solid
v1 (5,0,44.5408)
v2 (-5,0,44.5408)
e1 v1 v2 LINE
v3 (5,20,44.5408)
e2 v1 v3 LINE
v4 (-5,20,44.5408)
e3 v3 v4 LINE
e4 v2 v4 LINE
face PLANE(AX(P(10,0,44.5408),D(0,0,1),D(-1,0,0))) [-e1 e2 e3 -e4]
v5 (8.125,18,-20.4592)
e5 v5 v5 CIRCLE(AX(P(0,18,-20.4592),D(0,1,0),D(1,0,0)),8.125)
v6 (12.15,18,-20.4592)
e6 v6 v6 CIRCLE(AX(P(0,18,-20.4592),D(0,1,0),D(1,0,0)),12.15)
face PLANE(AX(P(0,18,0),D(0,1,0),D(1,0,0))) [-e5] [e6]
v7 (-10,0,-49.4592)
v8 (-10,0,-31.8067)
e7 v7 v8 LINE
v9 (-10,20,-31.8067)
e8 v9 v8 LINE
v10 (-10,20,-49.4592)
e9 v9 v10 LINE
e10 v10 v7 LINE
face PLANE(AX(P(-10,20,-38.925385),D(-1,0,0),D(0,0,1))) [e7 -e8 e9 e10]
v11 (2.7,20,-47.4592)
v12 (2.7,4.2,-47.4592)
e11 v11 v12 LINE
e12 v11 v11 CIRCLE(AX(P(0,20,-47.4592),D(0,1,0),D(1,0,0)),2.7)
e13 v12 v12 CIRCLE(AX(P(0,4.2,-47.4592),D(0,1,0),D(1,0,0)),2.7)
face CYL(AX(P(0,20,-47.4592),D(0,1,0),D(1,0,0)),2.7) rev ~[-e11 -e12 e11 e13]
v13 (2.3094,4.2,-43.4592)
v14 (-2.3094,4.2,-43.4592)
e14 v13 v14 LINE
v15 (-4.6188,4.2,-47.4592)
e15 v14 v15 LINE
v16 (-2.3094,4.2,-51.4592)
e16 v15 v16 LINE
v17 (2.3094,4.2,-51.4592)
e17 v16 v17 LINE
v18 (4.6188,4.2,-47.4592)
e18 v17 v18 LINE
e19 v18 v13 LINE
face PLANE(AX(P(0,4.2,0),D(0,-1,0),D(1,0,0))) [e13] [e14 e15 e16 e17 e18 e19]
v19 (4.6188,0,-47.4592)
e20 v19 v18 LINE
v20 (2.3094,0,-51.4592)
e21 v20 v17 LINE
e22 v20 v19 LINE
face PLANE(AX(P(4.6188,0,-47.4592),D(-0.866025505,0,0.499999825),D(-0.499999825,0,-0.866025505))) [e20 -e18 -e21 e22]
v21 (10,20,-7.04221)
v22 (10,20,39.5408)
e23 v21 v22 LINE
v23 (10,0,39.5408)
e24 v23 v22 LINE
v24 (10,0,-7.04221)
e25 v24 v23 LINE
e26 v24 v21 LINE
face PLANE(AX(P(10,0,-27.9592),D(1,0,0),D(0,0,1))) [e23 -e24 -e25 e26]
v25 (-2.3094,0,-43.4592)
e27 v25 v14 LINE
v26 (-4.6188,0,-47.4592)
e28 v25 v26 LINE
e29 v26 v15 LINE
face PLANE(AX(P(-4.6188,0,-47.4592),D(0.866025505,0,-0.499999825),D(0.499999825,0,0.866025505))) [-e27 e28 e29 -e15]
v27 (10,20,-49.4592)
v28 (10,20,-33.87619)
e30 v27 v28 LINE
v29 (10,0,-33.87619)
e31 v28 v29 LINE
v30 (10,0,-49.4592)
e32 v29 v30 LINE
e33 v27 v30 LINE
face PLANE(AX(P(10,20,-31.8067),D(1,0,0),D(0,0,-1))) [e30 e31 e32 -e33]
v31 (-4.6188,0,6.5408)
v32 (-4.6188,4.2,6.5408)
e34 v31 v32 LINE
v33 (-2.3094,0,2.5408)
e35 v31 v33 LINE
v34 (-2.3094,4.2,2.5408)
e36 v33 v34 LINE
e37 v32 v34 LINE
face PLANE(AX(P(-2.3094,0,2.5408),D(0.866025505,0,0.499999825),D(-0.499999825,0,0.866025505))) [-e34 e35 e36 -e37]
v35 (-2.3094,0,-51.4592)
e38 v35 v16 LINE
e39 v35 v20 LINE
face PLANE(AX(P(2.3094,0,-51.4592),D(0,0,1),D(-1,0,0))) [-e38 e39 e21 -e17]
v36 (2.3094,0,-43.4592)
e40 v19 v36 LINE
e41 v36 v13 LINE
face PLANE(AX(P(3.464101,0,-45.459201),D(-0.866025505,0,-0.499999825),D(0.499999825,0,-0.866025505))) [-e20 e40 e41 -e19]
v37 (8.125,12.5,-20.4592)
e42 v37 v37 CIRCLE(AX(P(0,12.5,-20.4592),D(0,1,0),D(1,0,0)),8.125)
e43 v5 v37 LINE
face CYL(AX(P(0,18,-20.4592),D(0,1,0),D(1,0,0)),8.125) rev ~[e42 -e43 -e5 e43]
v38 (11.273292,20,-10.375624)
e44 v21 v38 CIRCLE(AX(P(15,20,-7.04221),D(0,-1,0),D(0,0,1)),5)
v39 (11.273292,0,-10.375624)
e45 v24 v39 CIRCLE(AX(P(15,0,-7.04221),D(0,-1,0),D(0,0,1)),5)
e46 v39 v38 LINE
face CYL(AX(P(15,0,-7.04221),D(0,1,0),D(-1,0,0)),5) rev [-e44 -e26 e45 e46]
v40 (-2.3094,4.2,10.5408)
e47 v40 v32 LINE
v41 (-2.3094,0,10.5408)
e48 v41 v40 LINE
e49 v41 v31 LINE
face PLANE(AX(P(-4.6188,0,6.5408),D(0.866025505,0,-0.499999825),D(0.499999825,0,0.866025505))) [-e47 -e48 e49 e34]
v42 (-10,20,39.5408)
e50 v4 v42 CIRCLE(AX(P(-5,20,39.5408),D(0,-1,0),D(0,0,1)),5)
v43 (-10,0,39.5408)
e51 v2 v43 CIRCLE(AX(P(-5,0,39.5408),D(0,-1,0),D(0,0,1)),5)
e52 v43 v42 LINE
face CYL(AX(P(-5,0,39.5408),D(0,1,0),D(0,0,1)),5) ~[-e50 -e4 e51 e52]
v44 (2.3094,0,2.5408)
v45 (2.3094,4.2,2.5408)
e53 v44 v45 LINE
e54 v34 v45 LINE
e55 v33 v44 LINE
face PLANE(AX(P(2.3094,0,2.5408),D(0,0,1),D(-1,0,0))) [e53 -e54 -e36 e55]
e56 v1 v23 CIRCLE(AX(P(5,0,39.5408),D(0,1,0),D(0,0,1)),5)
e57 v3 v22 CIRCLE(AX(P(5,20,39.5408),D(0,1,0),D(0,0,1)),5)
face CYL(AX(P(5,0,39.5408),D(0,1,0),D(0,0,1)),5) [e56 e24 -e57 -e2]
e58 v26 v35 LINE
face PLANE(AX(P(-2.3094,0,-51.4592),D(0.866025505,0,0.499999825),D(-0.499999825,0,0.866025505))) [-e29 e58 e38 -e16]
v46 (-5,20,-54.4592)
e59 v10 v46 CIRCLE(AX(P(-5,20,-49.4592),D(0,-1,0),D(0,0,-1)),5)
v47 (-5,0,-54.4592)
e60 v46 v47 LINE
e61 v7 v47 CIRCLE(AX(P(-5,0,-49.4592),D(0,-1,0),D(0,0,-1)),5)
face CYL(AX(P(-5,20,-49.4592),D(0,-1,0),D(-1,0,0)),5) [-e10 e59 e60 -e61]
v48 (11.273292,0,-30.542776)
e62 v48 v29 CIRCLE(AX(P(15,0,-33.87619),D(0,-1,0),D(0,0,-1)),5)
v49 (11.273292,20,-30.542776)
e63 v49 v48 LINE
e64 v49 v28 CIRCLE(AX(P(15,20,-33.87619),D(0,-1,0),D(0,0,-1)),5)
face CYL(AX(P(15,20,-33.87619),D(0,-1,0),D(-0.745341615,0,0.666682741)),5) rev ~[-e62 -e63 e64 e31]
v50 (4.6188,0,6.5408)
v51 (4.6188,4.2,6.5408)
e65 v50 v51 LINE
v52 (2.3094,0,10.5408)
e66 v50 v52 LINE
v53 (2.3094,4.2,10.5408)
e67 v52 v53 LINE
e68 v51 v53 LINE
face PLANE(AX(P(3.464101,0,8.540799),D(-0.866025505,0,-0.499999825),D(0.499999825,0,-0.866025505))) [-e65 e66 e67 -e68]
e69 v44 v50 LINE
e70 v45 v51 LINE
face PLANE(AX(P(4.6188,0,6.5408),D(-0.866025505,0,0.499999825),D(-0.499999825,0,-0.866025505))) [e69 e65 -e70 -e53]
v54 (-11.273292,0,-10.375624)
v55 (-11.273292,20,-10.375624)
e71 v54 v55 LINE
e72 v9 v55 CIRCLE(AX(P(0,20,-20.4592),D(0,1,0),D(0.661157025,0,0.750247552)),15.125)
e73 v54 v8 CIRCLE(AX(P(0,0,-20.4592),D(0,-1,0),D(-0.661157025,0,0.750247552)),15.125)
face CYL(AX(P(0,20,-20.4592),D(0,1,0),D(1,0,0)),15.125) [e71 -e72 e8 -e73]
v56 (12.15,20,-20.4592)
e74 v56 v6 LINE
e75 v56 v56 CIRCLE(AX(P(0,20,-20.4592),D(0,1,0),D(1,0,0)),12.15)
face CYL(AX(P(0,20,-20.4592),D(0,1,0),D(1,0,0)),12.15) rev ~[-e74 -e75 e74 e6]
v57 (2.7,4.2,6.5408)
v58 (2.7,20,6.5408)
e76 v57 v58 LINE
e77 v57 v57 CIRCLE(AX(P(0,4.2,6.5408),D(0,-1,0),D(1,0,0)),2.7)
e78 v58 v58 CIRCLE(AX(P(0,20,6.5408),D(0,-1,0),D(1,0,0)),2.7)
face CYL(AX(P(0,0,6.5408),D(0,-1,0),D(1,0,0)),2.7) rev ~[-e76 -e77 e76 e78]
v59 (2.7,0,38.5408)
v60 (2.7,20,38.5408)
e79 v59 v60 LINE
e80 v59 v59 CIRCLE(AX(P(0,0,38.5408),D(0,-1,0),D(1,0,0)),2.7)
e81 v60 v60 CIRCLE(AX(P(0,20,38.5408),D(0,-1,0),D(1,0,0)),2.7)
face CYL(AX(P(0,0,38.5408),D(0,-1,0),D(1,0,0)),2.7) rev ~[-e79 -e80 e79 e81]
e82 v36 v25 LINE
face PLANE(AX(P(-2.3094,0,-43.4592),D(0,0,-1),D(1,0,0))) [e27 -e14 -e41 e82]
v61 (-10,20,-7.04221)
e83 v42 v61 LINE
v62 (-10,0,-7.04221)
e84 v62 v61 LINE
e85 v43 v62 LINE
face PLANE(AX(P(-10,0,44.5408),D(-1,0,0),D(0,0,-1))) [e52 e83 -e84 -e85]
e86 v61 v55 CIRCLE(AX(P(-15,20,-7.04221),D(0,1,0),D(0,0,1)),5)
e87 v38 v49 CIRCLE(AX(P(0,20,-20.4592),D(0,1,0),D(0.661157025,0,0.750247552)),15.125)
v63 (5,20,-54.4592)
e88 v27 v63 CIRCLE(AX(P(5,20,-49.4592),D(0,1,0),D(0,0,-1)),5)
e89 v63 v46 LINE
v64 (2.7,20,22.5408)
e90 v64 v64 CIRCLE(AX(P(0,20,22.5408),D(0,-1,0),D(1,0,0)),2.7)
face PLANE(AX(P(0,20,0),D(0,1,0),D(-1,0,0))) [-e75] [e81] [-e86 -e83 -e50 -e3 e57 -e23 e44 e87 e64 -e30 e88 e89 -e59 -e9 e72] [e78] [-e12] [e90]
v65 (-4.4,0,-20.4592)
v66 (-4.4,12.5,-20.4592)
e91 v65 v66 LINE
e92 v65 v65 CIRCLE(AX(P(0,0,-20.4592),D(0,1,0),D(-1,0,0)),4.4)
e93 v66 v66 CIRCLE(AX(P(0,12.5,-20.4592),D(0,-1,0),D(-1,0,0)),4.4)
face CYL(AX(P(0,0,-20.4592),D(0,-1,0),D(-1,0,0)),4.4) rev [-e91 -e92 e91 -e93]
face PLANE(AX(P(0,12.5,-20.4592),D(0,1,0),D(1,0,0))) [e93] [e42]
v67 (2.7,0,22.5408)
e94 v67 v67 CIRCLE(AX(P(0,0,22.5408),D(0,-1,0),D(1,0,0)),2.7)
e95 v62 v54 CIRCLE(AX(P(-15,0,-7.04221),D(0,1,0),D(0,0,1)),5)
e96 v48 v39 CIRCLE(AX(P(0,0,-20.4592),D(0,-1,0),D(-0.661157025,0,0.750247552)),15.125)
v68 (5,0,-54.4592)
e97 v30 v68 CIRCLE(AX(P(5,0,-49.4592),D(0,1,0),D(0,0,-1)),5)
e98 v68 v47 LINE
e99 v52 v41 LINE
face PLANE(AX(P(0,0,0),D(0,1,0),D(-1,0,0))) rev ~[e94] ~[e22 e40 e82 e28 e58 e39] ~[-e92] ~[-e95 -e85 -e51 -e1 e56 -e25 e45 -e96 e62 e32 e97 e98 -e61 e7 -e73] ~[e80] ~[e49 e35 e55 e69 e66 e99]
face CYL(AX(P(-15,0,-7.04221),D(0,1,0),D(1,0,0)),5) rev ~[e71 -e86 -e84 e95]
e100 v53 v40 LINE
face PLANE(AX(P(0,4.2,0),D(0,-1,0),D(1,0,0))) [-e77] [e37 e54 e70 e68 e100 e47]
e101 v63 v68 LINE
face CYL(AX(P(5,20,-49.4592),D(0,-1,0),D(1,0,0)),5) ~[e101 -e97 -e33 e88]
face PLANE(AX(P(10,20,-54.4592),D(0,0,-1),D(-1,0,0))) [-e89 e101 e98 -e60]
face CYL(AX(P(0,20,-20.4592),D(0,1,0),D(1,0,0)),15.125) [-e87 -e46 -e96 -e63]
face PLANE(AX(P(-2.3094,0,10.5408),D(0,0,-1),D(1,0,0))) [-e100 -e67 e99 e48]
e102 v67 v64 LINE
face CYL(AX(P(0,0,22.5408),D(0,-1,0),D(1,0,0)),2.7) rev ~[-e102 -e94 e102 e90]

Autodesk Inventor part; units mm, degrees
ref_plane "YZ Plane" through (0, 0, 0) normal (1, 0, 0) x (0, 1, 0)
ref_plane "XZ Plane" through (0, 0, 0) normal (0, 1, 0) x (-1, 0, 0)
ref_plane "XY Plane" through (0, 0, 0) normal (0, 0, 1) x (1, 0, 0)
sketch "Boceto1" plane through (0, 0, 0) normal (0, 1, 0) x (-1, 0, 0)
  line L0 (-10, 44.5408) -> (10, 44.5408)
  line L1 (10, 44.5408) -> (10, -27.9592)
  line L2 (10, -27.9592) -> (-10, -27.9592)
  line L3 (-10, -27.9592) -> (-10, 44.5408)
  line L4 (-10, 44.5408) -> (10, -27.9592) construction
  line L5 (10, 44.5408) -> (-10, -27.9592) construction
  circle A0 centre (0, -20.4592) radius 4.4
  point P0 (0, 8.2908)
  dimension "d1" = 20
  dimension "d2" = 8.8
  dimension "d3" = 7.5
  dimension "d26" = 65
extrude "Extrusión1" add sketch "Boceto1" along normal blind 20
sketch "Boceto2" plane through (0, 20, 0) normal (0, 1, 0) x (1, 0, 0)
  circle A0 centre (0, 20.4592) radius 4.4 projected
  circle A1 centre (0, 20.4592) radius 12.125
  point P0 (0, 0)
  dimension "d6" = 24.25
extrude "Extrusión2" cut sketch "Boceto2" against normal blind 2.5
sketch "Boceto3" plane through (0, 20, 0) normal (0, 1, 0) x (1, 0, 0)
  circle A0 centre (0, 20.4592) radius 4.4 projected
  circle A1 centre (0, 20.4592) radius 12.125
  circle A2 centre (0, 20.4592) radius 15.125
  line L0 (10, 27.316) -> (10, 13.6024) projected
  arc A3 (10, 27.316) -> (9.5271, 27.9592) centre (0, 20.4592) ccw projected
  line L1 (-9.5271, 27.9592) -> (9.5271, 27.9592) projected
  arc A4 (-9.5271, 27.9592) -> (-10, 27.316) centre (0, 20.4592) ccw projected
  line L2 (-10, 13.6024) -> (-10, 27.316) projected
  arc A5 (-10, 13.6024) -> (10, 13.6024) centre (0, 20.4592) ccw projected
  circle A6 centre (0, 20.4592) radius 4.4 projected
  point P0 (0, 0)
  point P1 (-10, 27.316)
  point P2 (10, 27.316)
  point P3 (9.5271, 27.9592)
  dimension "d9" = 3
extrude "Extrusión3" add sketch "Boceto3" against normal up to surface (20 mm away) contours A1 L0 | L1 A1 | A1 L2 | A2
sketch "Boceto4" plane through (0, 20, 0) normal (0, 1, 0) x (1, 0, 0)
  circle A0 centre (0, 20.4592) radius 4.4 projected
  circle A1 centre (0, 20.4592) radius 12.15
  point P0 (0, 0)
  dimension "d14" = 24.3
extrude "Extrusión4" cut sketch "Boceto4" against normal blind 2 contours A0 | A1
sketch "Boceto5" plane through (0, 17.5, 0) normal (0, 1, 0) x (1, 0, 0)
  line L0 (10, 27.316) -> (10, 13.6024) projected
  arc A0 (10, 27.316) -> (9.5271, 27.9592) centre (0, 20.4592) ccw projected
  line L1 (-9.5271, 27.9592) -> (9.5271, 27.9592) projected
  arc A1 (-9.5271, 27.9592) -> (-10, 27.316) centre (0, 20.4592) ccw projected
  line L2 (-10, 13.6024) -> (-10, 27.316) projected
  arc A2 (-10, 13.6024) -> (10, 13.6024) centre (0, 20.4592) ccw projected
  circle A3 centre (0, 20.4592) radius 4.4 projected
  point P0 (0, 0)
extrude "Extrusión5" add sketch "Boceto5" along normal up to surface (0.5 mm away)
sketch "Boceto6" plane through (0, 0, 0) normal (0, -1, 0) x (1, 0, 0)
  circle A0 centre (0, 38.5408) radius 2.7
  circle A1 centre (0, 22.5408) radius 2.7
  line L0 (-10, 44.5408) -> (10, 44.5408) projected
  circle A2 centre (0, 6.5408) radius 2.7
  point P0 (0, 0)
  dimension "d20" = 16
  dimension "d21" = 5.4
  dimension "d30" = 6
  dimension "d35" = 16
extrude "Extrusión6" cut sketch "Boceto6" against normal through all
sketch "Boceto8" plane through (0, 18, -20.4592) normal (0, 1, 0) x (1, 0, 0)
  circle A0 centre (0, 0) radius 4.4 projected
  circle A1 centre (0, 0) radius 8.125
  point P0 (0, -20.4592)
  dimension "d31" = 16.25
extrude "Extrusión8" cut sketch "Boceto8" against normal blind 5.5 contours A0 | A1
fillet "Empalme4" radius 5 4 edges at (10, 10, 44.5408) (-10, 10, 44.5408) (10, 10, -9.1117) (-10, 10, -9.1117)
sketch "Boceto9" plane through (0, 20, 0) normal (0, 1, 0) x (1, 0, 0)
  arc A0 (11.2733, 10.3756) -> (-11.2733, 10.3756) centre (0, 20.4592) ccw projected
  line L0 (-10, 31.8067) -> (10, 31.8067)
  line L1 (10, 31.8067) -> (10, 54.4592)
  line L2 (10, 54.4592) -> (-10, 54.4592)
  line L3 (-10, 54.4592) -> (-10, 31.8067)
  line L4 (-10, 7.0422) -> (-10, -39.5408) projected
  line L5 (10, -39.5408) -> (10, 7.0422) projected
  circle A1 centre (0, 20.4592) radius 21
  circle A2 centre (0, 47.4592) radius 2.7
  point P0 (0, 0)
  dimension "d36" = 42
  dimension "d37" = 34
  dimension "d38" = 5.4
  dimension "d39" = 7
extrude "Extrusión9" add sketch "Boceto9" against normal up to surface (20 mm away) contours A0 L3 A1 L1 | A1 L3 L2 L1
fillet "Empalme5" radius 5 3 edges at (10, 10, -31.8067) (10, 10, -54.4592) (-10, 10, -54.4592)
sketch "Boceto10" plane through (0, 0, 0) normal (0, -1, 0) x (1, 0, 0)
  circle A0 centre (0, -47.4592) radius 2.7 projected
  circle A1 centre (0, -47.4592) radius 4
  circle A2 centre (0, 6.5408) radius 2.7 projected
  circle A3 centre (0, 6.5408) radius 4
  line L0 (-4.6188, -47.4592) -> (-2.3094, -43.4592)
  line L1 (-2.3094, -43.4592) -> (2.3094, -43.4592)
  line L2 (2.3094, -43.4592) -> (4.6188, -47.4592)
  line L3 (4.6188, -47.4592) -> (2.3094, -51.4592)
  line L4 (2.3094, -51.4592) -> (-2.3094, -51.4592)
  line L5 (-2.3094, -51.4592) -> (-4.6188, -47.4592)
  line L6 (-4.6188, 6.5408) -> (-2.3094, 10.5408)
  line L7 (-2.3094, 10.5408) -> (2.3094, 10.5408)
  line L8 (2.3094, 10.5408) -> (4.6188, 6.5408)
  line L9 (4.6188, 6.5408) -> (2.3094, 2.5408)
  line L10 (2.3094, 2.5408) -> (-2.3094, 2.5408)
  line L11 (-2.3094, 2.5408) -> (-4.6188, 6.5408)
  point P0 (0, 0)
  dimension "d43" = 8
extrude "Extrusión10" cut sketch "Boceto10" against normal blind 4.2 contours A0 | A1 | A1 L2 L3 | A1 L1 L2 | L3 L4 A1 | A1 L0 L1 | L4 L5 A1 | A1 L5 L0 | A2 | A3 | A3 L8 L9 | A3 L7 L8 | L9 L10 A3 | A3 L6 L7 | L10 L11 A3 | A3 L11 L6
sketch "Boceto7" plane through (0, 0, 0) normal (0, -1, 0) x (1, 0, 0)
  circle A0 centre (0, -20.4592) radius 2.65 projected
  circle A1 centre (0, -20.4592) radius 4.05
  line L0 (0, -25.1357) -> (-4.05, -22.7975)
  line L1 (-4.05, -22.7975) -> (-4.05, -18.1209)
  line L2 (-4.05, -18.1209) -> (0, -15.7826)
  line L3 (0, -15.7826) -> (4.05, -18.1209)
  line L4 (4.05, -18.1209) -> (4.05, -22.7975)
  line L5 (4.05, -22.7975) -> (0, -25.1357)
  point P0 (0, 0)
  dimension "d27" = 8.1
properties part number "bottomsupport"
